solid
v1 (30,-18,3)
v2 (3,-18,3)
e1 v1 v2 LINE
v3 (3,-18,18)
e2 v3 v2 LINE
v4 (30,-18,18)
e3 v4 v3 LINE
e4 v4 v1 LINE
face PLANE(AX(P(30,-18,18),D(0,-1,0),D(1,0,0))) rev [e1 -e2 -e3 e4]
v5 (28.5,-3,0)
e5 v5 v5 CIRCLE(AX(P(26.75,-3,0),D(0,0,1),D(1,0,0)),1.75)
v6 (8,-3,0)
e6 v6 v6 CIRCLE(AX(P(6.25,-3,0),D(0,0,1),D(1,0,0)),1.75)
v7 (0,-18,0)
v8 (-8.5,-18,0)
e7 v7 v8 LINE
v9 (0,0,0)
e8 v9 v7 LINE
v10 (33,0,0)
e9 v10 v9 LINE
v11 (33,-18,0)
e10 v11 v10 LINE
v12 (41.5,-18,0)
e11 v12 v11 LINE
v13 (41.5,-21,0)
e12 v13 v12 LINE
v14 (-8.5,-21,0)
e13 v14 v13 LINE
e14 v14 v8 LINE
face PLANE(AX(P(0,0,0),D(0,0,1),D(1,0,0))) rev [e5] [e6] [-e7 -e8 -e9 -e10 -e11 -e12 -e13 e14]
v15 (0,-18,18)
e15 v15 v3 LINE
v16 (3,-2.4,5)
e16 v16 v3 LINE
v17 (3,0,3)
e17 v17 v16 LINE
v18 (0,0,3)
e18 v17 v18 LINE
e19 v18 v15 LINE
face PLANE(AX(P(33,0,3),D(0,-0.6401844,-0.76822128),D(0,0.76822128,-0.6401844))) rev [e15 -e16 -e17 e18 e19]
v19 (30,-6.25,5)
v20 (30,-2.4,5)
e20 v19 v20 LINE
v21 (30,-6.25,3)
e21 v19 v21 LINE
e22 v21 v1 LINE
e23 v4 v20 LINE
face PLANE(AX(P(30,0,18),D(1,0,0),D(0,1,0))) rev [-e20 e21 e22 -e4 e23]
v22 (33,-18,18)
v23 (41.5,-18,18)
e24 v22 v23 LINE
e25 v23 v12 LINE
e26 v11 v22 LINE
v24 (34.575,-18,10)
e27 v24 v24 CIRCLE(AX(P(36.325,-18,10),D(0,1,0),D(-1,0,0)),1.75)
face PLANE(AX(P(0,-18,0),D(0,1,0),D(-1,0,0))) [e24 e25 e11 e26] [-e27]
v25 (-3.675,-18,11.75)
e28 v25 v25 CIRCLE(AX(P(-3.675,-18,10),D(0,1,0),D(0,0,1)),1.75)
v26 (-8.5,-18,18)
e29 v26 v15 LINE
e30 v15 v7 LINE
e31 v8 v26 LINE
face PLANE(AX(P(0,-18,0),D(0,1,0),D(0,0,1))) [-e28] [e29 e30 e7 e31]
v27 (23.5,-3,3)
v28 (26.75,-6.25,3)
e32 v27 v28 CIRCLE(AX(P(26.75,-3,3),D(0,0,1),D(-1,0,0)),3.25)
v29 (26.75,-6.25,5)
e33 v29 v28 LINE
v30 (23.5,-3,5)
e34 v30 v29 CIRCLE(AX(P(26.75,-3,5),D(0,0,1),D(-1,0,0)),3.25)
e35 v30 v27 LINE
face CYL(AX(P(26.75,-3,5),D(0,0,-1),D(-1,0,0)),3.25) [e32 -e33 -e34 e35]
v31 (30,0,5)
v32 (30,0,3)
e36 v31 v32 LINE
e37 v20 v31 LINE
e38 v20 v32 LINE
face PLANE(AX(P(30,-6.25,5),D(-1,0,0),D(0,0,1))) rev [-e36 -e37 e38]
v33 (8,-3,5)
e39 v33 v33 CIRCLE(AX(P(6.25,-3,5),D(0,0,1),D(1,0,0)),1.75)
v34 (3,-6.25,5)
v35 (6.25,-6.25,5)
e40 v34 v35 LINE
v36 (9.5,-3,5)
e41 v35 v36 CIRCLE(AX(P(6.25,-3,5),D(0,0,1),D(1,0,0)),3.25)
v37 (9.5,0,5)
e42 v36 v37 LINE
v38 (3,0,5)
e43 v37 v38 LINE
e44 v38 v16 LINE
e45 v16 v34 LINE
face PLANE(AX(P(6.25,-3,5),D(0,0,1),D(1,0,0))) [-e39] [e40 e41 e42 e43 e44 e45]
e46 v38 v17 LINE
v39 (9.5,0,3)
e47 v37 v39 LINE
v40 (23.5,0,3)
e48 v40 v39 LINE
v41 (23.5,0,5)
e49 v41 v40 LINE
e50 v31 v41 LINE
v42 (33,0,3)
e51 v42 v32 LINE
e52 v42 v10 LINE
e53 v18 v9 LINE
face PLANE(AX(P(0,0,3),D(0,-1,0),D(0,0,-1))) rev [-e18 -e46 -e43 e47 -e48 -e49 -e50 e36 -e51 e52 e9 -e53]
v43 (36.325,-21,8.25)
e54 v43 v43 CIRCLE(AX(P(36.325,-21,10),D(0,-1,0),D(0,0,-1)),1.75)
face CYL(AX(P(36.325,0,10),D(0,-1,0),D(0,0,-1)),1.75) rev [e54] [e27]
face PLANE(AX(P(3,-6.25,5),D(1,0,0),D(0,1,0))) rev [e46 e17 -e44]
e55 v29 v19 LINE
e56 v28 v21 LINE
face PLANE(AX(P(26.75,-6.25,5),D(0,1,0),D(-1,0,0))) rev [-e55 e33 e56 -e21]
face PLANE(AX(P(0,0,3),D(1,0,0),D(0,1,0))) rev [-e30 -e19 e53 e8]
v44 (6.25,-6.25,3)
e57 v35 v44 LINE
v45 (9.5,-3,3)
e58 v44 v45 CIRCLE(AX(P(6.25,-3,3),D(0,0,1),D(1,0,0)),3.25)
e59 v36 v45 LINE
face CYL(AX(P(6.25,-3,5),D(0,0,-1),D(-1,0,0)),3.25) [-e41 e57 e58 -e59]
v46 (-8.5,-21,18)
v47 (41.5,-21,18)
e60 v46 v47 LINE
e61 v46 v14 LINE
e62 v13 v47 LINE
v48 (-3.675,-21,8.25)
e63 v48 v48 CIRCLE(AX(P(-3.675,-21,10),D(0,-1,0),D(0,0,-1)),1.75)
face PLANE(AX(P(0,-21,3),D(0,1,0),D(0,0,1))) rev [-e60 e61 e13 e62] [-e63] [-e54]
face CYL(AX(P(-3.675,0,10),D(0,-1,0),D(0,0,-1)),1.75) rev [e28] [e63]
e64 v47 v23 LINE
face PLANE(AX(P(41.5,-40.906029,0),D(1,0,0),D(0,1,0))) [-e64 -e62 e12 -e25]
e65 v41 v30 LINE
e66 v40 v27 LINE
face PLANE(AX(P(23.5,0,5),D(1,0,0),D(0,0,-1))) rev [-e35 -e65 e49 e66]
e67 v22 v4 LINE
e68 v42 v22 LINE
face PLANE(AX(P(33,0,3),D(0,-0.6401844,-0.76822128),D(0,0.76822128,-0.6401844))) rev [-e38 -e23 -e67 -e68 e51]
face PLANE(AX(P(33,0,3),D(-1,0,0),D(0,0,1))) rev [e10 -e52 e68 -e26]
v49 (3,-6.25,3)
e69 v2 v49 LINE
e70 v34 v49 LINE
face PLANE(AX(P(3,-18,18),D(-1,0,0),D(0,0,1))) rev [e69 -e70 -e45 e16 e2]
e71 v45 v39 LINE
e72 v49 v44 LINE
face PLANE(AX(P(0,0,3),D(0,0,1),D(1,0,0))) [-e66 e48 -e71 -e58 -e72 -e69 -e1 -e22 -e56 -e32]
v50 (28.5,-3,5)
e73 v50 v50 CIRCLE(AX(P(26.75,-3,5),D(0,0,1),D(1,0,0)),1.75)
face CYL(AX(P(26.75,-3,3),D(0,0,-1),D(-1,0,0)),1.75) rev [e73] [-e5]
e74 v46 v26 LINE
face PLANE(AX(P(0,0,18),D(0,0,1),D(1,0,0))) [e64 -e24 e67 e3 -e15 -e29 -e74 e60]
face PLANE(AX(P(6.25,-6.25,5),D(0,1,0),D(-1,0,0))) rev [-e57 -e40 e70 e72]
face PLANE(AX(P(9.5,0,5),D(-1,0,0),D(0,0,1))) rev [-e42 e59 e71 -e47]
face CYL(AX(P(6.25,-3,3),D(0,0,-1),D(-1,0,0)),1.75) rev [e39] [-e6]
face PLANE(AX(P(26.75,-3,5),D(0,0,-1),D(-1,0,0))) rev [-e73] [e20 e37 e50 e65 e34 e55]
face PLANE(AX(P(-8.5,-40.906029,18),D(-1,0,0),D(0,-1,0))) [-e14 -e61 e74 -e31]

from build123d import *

# Parameters (mm, degrees)
CROQUIS1_W              = 33
CROQUIS1_H              = 21
CROQUIS1_R              = 1.75
SALIENTE_EXTRUIR1_DEPTH = 3
SALIENTE_EXTRUIR2_DEPTH = 15
CORTAR_EXTRUIR1_DEPTH   = 44.058100283
CROQUIS4_W              = 8.5
CROQUIS4_H              = 18
SALIENTE_EXTRUIR3_DEPTH = 3
CROQUIS5_R              = 1.75
SALIENTE_EXTRUIR4_DEPTH = 2
CROQUIS8_R              = 1.75
CORTAR_EXTRUIR4_DEPTH   = 50.872337022


with BuildPart() as part:
    # Croquis1 → Saliente-Extruir1 (new body)
    with BuildSketch(Plane.XY):
        with Locations((16.5, -10.5)):
            Rectangle(CROQUIS1_W, CROQUIS1_H)
        with Locations((6.25, -3)):
            Circle(CROQUIS1_R, mode=Mode.SUBTRACT)
        with Locations((26.75, -3)):
            Circle(CROQUIS1_R, mode=Mode.SUBTRACT)
    extrude(amount=SALIENTE_EXTRUIR1_DEPTH)

    # Croquis2 → Saliente-Extruir2 (add)
    with BuildSketch(Plane.XY.offset(3)):
        Polygon((0, 0), (0, -21), (33, -21), (33, 0), (30, 0), (30, -18), (3, -18), (3, 0), align=None)
    extrude(amount=SALIENTE_EXTRUIR2_DEPTH)

    # Croquis3 → Cortar-Extruir1 (cut, through all)
    with BuildSketch(Plane.ZY):
        Polygon((3, 0), (18, -18), (18, 0), align=None)
    extrude(amount=-CORTAR_EXTRUIR1_DEPTH, mode=Mode.SUBTRACT)

    # Croquis4 → Saliente-Extruir3 (add)
    with BuildSketch(Plane(origin=(0, -18, 0), x_dir=(1, 0, 0), z_dir=(0, 1, 0))):
        with Locations((-4.25, -9)):
            Rectangle(CROQUIS4_W, CROQUIS4_H)
        with Locations((37.25, -9)):
            Rectangle(CROQUIS4_W, CROQUIS4_H)
    extrude(amount=-SALIENTE_EXTRUIR3_DEPTH)

    # Croquis5 → Saliente-Extruir4 (add)
    # profile 1 of 2: a face of its own
    with BuildSketch(Plane.XY.offset(3)):
        with BuildLine():
            Line((6.25, -6.25), (3, -6.25))
            Line((3, -6.25), (3, 0))
            Line((3, 0), (9.5, 0))
            Line((9.5, 0), (9.5, -3))
            ThreePointArc((9.5, -3), (8.548097039, -5.298097039), (6.25, -6.25))
        make_face()
        with Locations((6.25, -3)):
            Circle(CROQUIS5_R, mode=Mode.SUBTRACT)
    # profile 2 of 2: a face of its own
    with BuildSketch(Plane.XY.offset(3)):
        with BuildLine():
            Line((23.5, 0), (23.5, -3))
            ThreePointArc((23.5, -3), (24.451902961, -5.298097039), (26.75, -6.25))
            Line((26.75, -6.25), (30, -6.25))
            Line((30, -6.25), (30, 0))
            Line((30, 0), (23.5, 0))
        make_face()
        with Locations((26.75, -3)):
            Circle(CROQUIS5_R, mode=Mode.SUBTRACT)
    extrude(amount=SALIENTE_EXTRUIR4_DEPTH)

    # Croquis8 → Cortar-Extruir4 (cut, through all)
    with BuildSketch(Plane.XZ.offset(21)):
        with Locations(Location((-3.675, 10, 0), (0, 0, 270))):
            Circle(CROQUIS8_R)
        with Locations(Location((36.325, 10, 0), (0, 0, 270))):
            Circle(CROQUIS8_R)
    extrude(amount=-CORTAR_EXTRUIR4_DEPTH, mode=Mode.SUBTRACT)


solid = part.part
